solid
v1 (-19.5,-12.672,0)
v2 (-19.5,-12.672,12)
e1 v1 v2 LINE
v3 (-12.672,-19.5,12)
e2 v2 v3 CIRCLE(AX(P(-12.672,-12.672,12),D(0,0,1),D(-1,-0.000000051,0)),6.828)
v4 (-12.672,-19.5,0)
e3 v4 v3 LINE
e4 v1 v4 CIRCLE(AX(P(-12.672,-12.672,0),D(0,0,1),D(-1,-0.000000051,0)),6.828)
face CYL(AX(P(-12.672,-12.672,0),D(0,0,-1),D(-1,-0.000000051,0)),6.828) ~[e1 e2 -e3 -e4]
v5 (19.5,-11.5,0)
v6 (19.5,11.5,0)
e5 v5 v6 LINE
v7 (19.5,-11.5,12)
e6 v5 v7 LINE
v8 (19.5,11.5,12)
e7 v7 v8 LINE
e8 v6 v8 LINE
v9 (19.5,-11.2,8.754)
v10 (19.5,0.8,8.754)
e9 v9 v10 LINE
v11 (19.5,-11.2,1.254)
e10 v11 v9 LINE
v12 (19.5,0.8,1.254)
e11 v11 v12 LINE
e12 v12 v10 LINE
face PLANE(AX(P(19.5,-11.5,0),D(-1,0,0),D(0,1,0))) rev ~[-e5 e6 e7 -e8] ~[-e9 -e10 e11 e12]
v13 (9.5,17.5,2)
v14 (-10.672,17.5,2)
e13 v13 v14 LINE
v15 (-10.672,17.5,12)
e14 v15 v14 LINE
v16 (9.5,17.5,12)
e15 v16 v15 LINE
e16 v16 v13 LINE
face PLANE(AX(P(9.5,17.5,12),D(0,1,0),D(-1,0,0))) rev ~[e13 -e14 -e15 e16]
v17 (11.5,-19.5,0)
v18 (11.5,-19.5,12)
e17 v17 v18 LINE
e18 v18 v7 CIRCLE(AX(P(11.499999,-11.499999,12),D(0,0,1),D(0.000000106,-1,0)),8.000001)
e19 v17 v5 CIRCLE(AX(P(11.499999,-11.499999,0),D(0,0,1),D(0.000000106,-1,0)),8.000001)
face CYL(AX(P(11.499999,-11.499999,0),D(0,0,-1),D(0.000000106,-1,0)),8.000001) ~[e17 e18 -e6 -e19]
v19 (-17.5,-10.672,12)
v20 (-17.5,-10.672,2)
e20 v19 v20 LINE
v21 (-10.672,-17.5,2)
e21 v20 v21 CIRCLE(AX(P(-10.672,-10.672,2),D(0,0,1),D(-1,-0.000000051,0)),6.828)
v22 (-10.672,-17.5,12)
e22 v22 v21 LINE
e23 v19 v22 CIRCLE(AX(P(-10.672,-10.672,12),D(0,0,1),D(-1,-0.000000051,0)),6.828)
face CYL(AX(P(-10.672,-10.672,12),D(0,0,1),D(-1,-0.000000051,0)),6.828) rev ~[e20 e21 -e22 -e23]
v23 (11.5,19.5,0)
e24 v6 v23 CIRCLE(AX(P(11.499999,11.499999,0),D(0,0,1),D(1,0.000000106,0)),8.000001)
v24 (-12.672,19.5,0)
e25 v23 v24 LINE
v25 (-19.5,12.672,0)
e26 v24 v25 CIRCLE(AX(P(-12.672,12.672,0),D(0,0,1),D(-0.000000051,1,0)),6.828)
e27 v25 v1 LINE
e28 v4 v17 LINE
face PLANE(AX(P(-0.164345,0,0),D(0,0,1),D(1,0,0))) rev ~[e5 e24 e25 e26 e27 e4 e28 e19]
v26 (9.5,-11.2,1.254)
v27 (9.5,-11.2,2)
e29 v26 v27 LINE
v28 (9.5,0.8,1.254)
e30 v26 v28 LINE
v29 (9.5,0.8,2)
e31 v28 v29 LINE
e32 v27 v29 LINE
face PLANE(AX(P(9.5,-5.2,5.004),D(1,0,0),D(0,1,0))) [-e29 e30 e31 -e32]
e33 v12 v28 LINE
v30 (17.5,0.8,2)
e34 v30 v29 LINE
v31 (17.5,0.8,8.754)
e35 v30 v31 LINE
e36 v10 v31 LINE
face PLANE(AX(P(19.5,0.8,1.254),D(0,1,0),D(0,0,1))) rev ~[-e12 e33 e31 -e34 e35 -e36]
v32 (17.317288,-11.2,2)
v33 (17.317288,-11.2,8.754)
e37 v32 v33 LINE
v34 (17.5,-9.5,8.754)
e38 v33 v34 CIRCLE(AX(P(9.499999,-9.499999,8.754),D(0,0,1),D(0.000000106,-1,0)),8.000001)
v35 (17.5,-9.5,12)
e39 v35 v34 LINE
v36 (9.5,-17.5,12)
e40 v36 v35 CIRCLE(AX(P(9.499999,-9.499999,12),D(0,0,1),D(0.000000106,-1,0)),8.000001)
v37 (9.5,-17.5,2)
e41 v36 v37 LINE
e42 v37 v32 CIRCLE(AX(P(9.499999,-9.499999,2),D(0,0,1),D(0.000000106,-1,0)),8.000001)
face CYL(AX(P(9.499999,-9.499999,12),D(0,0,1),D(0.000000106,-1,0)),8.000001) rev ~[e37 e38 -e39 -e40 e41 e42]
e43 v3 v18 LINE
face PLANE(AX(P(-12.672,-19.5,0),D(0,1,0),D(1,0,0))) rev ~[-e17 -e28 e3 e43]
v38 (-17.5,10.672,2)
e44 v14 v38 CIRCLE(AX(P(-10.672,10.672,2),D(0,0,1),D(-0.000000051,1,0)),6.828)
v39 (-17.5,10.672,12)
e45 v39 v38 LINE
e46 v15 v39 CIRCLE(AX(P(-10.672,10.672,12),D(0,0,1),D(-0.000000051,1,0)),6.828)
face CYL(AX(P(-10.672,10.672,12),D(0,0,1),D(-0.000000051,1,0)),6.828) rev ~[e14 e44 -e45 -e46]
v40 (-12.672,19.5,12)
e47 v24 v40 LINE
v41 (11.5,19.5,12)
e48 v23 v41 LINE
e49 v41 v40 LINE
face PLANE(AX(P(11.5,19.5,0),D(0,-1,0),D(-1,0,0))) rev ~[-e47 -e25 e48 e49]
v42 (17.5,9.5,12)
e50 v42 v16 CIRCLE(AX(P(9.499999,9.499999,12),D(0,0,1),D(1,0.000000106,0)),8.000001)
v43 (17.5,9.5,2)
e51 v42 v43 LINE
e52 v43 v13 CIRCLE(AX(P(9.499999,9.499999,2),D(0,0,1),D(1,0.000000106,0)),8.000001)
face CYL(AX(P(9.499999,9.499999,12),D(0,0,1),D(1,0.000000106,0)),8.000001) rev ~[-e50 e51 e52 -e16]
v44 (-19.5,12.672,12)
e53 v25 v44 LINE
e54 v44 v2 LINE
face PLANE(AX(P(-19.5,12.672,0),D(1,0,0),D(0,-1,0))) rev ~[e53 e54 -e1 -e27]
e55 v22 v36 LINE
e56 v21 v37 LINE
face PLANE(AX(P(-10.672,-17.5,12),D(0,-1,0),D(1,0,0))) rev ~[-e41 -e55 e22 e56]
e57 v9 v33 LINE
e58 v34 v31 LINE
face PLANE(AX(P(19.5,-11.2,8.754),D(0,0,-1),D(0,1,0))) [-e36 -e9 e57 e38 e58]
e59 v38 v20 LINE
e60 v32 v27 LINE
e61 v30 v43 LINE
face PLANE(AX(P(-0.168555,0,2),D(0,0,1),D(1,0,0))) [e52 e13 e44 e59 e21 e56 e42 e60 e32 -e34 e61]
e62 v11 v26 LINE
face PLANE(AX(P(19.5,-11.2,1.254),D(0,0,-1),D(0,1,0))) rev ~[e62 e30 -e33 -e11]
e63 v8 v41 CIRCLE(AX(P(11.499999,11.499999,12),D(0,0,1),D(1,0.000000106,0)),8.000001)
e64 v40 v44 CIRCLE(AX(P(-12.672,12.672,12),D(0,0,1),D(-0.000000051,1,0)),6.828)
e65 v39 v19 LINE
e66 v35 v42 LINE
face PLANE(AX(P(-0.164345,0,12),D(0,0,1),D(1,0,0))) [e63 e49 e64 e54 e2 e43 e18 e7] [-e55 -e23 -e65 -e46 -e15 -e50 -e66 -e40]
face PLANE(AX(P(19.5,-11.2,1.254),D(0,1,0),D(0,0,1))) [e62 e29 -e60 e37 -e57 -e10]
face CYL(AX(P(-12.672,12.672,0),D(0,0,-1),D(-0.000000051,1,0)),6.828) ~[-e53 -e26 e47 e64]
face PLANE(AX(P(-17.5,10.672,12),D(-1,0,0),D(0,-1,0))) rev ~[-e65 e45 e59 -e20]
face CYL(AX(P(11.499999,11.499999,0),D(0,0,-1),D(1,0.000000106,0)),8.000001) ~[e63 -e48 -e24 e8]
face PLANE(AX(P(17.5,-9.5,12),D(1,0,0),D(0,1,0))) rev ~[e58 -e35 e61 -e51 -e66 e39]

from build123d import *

# Parameters (mm, degrees)
F1_DEPTH = 12
F3_DEPTH = 10
F4_W     = 12
F4_H     = 7.5
F5_DEPTH = 10


with BuildPart() as f1:
    # F0 (on Top) → F1 (new body)
    with BuildSketch(Plane.XY):
        with BuildLine():
            Line((-12.672, -19.5), (11.5, -19.5))
            ThreePointArc((11.5, -19.5), (17.156854, -17.156854), (19.5, -11.5))
            Line((19.5, -11.5), (19.5, 11.5))
            ThreePointArc((19.5, 11.5), (17.156854, 17.156854), (11.5, 19.5))
            Line((11.5, 19.5), (-12.672, 19.5))
            ThreePointArc((-12.672, 19.5), (-17.500125, 17.500125), (-19.5, 12.672))
            Line((-19.5, 12.672), (-19.5, -12.672))
            ThreePointArc((-19.5, -12.672), (-17.500125, -17.500125), (-12.672, -19.5))
        make_face()
    extrude(amount=F1_DEPTH)

    # F2 (on face) → F3 (cut)
    with BuildSketch(Plane.XY.offset(12)):
        with BuildLine():
            Line((-10.672, -17.5), (9.5, -17.5))
            ThreePointArc((9.5, -17.5), (15.156854, -15.156854), (17.5, -9.5))
            Line((17.5, -9.5), (17.5, 9.5))
            ThreePointArc((17.5, 9.5), (15.156854, 15.156854), (9.5, 17.5))
            Line((9.5, 17.5), (-10.672, 17.5))
            ThreePointArc((-10.672, 17.5), (-15.500125, 15.500125), (-17.5, 10.672))
            Line((-17.5, 10.672), (-17.5, -10.672))
            ThreePointArc((-17.5, -10.672), (-15.500125, -15.500125), (-10.672, -17.5))
        make_face()
    extrude(amount=-F3_DEPTH, mode=Mode.SUBTRACT)

    # F4 (on face) → F5 (cut)
    with BuildSketch(Plane.YZ.offset(19.5)):
        with Locations((-5.2, 5.004)):
            Rectangle(F4_W, F4_H)
    extrude(amount=-F5_DEPTH, mode=Mode.SUBTRACT)


solid = f1.part
